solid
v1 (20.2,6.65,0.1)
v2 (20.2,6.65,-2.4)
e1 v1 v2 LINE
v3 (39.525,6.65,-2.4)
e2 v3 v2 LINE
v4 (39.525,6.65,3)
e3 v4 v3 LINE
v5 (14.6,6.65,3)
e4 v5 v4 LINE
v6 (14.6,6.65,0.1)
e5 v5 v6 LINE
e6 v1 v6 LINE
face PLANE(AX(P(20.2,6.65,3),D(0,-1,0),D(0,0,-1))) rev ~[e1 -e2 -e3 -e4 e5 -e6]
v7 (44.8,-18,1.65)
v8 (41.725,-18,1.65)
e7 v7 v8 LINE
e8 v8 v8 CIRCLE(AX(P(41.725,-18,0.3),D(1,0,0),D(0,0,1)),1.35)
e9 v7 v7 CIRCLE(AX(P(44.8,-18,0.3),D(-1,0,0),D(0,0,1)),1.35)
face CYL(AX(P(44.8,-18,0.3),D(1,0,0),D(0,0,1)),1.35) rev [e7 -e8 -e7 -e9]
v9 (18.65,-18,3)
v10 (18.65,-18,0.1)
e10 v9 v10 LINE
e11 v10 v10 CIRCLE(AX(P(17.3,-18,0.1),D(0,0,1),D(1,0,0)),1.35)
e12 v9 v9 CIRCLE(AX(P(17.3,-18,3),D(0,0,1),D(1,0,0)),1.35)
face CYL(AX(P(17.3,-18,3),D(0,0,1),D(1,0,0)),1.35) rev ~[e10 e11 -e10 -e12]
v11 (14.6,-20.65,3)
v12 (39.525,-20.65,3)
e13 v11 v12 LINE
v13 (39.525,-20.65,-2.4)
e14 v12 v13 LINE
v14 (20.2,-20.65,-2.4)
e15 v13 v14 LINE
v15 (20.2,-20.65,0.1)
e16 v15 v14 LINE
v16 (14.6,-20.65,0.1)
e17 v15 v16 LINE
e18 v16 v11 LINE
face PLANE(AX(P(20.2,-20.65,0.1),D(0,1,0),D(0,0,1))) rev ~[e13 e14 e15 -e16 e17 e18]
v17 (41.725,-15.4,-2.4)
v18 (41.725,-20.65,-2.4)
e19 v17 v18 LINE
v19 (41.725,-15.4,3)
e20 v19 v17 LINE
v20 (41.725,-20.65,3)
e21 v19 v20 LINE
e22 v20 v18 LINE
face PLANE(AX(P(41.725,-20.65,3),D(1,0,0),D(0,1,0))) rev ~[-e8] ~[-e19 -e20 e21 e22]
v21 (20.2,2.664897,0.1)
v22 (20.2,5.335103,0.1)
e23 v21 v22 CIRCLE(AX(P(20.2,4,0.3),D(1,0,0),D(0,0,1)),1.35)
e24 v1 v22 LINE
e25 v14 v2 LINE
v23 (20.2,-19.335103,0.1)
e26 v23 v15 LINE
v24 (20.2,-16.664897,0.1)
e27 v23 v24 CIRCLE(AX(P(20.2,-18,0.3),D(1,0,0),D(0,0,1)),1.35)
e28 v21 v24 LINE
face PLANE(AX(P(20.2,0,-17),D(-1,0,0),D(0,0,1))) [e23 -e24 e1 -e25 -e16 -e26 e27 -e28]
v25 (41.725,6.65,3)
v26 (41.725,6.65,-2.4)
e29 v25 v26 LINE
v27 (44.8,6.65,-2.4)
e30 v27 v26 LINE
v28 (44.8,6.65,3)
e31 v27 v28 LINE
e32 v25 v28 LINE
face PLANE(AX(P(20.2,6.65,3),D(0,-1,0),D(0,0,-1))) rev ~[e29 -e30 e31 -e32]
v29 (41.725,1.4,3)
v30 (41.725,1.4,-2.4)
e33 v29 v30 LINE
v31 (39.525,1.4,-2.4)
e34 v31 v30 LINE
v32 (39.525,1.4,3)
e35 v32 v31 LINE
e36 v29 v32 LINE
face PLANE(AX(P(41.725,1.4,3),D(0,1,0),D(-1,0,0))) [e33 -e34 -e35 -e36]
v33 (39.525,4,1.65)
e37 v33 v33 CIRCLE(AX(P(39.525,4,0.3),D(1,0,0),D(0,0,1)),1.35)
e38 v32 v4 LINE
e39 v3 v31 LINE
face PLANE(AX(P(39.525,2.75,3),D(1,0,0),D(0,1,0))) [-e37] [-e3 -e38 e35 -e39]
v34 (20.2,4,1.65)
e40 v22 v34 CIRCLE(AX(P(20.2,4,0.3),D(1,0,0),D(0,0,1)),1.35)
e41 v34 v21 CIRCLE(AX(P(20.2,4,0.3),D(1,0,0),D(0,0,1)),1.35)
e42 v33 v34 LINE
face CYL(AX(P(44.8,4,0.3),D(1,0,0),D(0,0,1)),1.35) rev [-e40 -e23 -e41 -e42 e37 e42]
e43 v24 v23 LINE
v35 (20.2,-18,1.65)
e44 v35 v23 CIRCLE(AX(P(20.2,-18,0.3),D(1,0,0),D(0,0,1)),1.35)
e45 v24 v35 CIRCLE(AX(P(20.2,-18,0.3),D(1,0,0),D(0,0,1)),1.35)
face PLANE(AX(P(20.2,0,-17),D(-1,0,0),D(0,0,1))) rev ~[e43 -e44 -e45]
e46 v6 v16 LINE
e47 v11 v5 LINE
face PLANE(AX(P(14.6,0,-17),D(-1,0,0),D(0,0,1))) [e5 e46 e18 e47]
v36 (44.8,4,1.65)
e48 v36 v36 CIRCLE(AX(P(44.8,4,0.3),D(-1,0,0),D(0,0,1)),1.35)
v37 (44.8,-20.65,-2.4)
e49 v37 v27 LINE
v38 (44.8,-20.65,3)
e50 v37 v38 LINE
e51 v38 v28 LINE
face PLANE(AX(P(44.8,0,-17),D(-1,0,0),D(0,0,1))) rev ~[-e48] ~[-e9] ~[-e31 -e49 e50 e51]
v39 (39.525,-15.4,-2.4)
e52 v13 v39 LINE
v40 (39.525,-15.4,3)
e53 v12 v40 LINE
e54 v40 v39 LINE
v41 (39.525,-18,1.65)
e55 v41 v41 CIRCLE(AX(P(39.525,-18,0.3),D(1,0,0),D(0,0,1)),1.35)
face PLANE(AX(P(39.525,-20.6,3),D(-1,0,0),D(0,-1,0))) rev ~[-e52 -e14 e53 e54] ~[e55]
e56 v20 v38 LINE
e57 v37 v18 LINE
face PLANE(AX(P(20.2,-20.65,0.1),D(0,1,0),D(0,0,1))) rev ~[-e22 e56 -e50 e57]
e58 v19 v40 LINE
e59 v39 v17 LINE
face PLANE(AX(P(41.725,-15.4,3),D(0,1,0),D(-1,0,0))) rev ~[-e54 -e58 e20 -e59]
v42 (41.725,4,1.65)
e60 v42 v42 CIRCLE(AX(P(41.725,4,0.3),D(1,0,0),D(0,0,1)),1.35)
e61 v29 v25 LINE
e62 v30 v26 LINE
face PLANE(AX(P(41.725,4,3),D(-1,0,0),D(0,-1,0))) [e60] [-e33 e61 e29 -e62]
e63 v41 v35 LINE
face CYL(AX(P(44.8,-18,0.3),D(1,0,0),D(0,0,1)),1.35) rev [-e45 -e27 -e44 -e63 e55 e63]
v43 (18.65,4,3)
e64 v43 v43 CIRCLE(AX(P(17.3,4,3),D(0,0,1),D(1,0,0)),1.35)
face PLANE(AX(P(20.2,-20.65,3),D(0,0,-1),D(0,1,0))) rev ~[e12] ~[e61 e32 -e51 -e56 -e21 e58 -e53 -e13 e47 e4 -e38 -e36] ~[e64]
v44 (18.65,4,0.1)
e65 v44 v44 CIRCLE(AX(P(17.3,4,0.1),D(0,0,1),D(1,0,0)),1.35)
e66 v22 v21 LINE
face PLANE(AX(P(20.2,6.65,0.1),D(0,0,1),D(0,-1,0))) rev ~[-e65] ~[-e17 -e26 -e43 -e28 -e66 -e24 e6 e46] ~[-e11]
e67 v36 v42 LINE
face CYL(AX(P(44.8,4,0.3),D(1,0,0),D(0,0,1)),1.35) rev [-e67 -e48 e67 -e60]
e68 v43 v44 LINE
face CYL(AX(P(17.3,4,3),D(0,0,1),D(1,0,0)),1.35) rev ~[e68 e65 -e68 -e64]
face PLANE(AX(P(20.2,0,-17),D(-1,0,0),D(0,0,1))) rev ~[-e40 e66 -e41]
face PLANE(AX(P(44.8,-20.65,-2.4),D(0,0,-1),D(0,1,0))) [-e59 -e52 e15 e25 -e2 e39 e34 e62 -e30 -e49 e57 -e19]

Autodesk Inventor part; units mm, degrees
ref_plane "YZ Plane" through (0, 0, 0) normal (1, 0, 0) x (0, 1, 0)
ref_plane "XZ Plane" through (0, 0, 0) normal (0, 1, 0) x (-1, 0, 0)
ref_plane "XY Plane" through (0, 0, 0) normal (0, 0, 1) x (1, 0, 0)
ref_plane "작업 평면1" through (44.8, 0, -17) normal (-1, 0, 0) x (0, 0, 1)
sketch "스케치2" plane through (44.8, 0, -17) normal (-1, 0, 0) x (0, 0, 1)
  arc A0 (-19.5808, 6.2636) -> (-20.1, 4.5766) centre (-17.1, 4.5766) ccw projected
  line L0 (-20.1, -39.6766) -> (-20.1, 4.5766) projected
  arc A1 (-20.1, -39.6766) -> (-19.5808, -41.3636) centre (-17.1, -39.6766) ccw projected
  line L1 (-15.8929, -46.7869) -> (-19.5808, -41.3636) projected
  arc A2 (-15.8929, -46.7869) -> (-13.4121, -48.1) centre (-13.4121, -45.1) ccw projected
  line L2 (13.4121, -48.1) -> (-13.4121, -48.1) projected
  arc A3 (13.4121, -48.1) -> (15.8929, -46.7869) centre (13.4121, -45.1) ccw projected
  line L3 (19.5808, -41.3636) -> (15.8929, -46.7869) projected
  arc A4 (19.5808, -41.3636) -> (20.1, -39.6766) centre (17.1, -39.6766) ccw projected
  line L4 (20.1, 4.5766) -> (20.1, -39.6766) projected
  arc A5 (20.1, 4.5766) -> (19.5808, 6.2636) centre (17.1, 4.5766) ccw projected
  line L5 (15.5953, 12.1246) -> (19.5808, 6.2636) projected
  arc A6 (15.5953, 12.1246) -> (13.9414, 13) centre (13.9414, 11) ccw projected
  line L6 (7.65, 13) -> (13.9414, 13) projected
  arc A7 (9.15, 11.5) -> (7.65, 13) centre (7.65, 11.5) ccw projected
  line L7 (9.15, 11.5) -> (9.15, 10) projected
  arc A8 (9.15, 10) -> (11.5, 7.65) centre (11.5, 10) ccw projected
  line L8 (11.5, 7.65) -> (13.5, 7.65) projected
  arc A9 (14.5, 6.65) -> (13.5, 7.65) centre (13.5, 6.65) ccw projected
  line L9 (14.5, 6.65) -> (14.5, -36.15) projected
  arc A10 (13.5, -37.15) -> (14.5, -36.15) centre (13.5, -36.15) ccw projected
  line L10 (13.5, -37.15) -> (11.5, -37.15) projected
  arc A11 (11.5, -37.15) -> (9.15, -39.5) centre (11.5, -39.5) ccw projected
  line L11 (9.15, -39.5) -> (9.15, -41.5) projected
  arc A12 (8.15, -42.5) -> (9.15, -41.5) centre (8.15, -41.5) ccw projected
  line L12 (8.15, -42.5) -> (-8.15, -42.5) projected
  arc A13 (-9.15, -41.5) -> (-8.15, -42.5) centre (-8.15, -41.5) ccw projected
  line L13 (-9.15, -41.5) -> (-9.15, -39.5) projected
  arc A14 (-9.15, -39.5) -> (-11.5, -37.15) centre (-11.5, -39.5) ccw projected
  line L14 (-11.5, -37.15) -> (-13.5, -37.15) projected
  arc A15 (-14.5, -36.15) -> (-13.5, -37.15) centre (-13.5, -36.15) ccw projected
  line L15 (-14.5, -36.15) -> (-14.5, 6.65) projected
  arc A16 (-13.5, 7.65) -> (-14.5, 6.65) centre (-13.5, 6.65) ccw projected
  line L16 (-13.5, 7.65) -> (-11.5, 7.65) projected
  arc A17 (-11.5, 7.65) -> (-9.15, 10) centre (-11.5, 10) ccw projected
  line L17 (-9.15, 10) -> (-9.15, 11.5) projected
  arc A18 (-7.65, 13) -> (-9.15, 11.5) centre (-7.65, 11.5) ccw projected
  line L18 (-13.9414, 13) -> (-7.65, 13) projected
  arc A19 (-13.9414, 13) -> (-15.5953, 12.1246) centre (-13.9414, 11) ccw projected
  line L19 (-19.5808, 6.2636) -> (-15.5953, 12.1246) projected
  circle A20 centre (17.3, 4) radius 1.35 projected
  circle A21 centre (17.3, -18) radius 1.35 projected
  circle A22 centre (11, -45.3) radius 1.35 projected
  circle A23 centre (-17.3, 4) radius 1.35 projected
  circle A24 centre (-17.3, -18) radius 1.35 projected
  circle A25 centre (-11, -45.3) radius 1.35 projected
  circle A26 centre (17.3, -40) radius 1.35 projected
  circle A27 centre (-17.3, -40) radius 1.35 projected
  line L20 (17.3, -19.35) -> (17.3, 5.35)
  line L21 (20.1, 4.5766) -> (20.1, 6.65)
  line L22 (20.1, 6.65) -> (14.5, 6.65)
  line L23 (17.3, -7) -> (20.1, -7)
  arc A28 (19.5808, -20.2636) -> (20.1, -18.5766) centre (17.1, -18.5766) ccw
  line L24 (20.1, -18.5766) -> (20.1, -20.65)
  line L25 (20.1, -20.65) -> (14.5, -20.65)
  line L26 (20.1, -20.65) -> (14.5, -20.65)
  line L27 (14.5, -20.65) -> (14.5, 6.65)
  line L28 (14.5, 6.65) -> (20.1, 6.65)
  line L29 (20.1, 6.65) -> (20.1, -20.65)
  line L30 (14.6, -36.15) -> (14.6, 6.65)
  arc A29 (14.6, 6.65) -> (13.5, 7.75) centre (13.5, 6.65) ccw
  line L31 (13.5, 7.75) -> (11.5, 7.75)
  arc A30 (9.25, 10) -> (11.5, 7.75) centre (11.5, 10) ccw
  line L32 (9.25, 10) -> (9.25, 11.5)
  arc A31 (9.25, 11.5) -> (8.4246, 12.9) centre (7.65, 11.5) ccw
  line L33 (8.4246, 12.9) -> (13.9414, 12.9)
  arc A32 (15.5126, 12.0684) -> (13.9414, 12.9) centre (13.9414, 11) ccw
  line L34 (15.5126, 12.0684) -> (19.4981, 6.2073)
  arc A33 (20, 4.5766) -> (19.4981, 6.2073) centre (17.1, 4.5766) ccw
  line L35 (20, 4.5766) -> (20, -39.6766)
  arc A34 (19.4981, -41.3073) -> (20, -39.6766) centre (17.1, -39.6766) ccw
  line L36 (19.4981, -41.3073) -> (15.8102, -46.7307)
  arc A35 (13.4121, -48) -> (15.8102, -46.7307) centre (13.4121, -45.1) ccw
  line L37 (13.4121, -48) -> (-13.4121, -48)
  arc A36 (-15.8102, -46.7307) -> (-13.4121, -48) centre (-13.4121, -45.1) ccw
  line L38 (-15.8102, -46.7307) -> (-19.4981, -41.3073)
  arc A37 (-20, -39.6766) -> (-19.4981, -41.3073) centre (-17.1, -39.6766) ccw
  line L39 (-20, -39.6766) -> (-20, 4.5766)
  arc A38 (-19.4981, 6.2073) -> (-20, 4.5766) centre (-17.1, 4.5766) ccw
  line L40 (-19.4981, 6.2073) -> (-15.5126, 12.0684)
  arc A39 (-13.9414, 12.9) -> (-15.5126, 12.0684) centre (-13.9414, 11) ccw
  line L41 (-13.9414, 12.9) -> (-8.4246, 12.9)
  arc A40 (-8.4246, 12.9) -> (-9.25, 11.5) centre (-7.65, 11.5) ccw
  line L42 (-9.25, 11.5) -> (-9.25, 10)
  arc A41 (-11.5, 7.75) -> (-9.25, 10) centre (-11.5, 10) ccw
  line L43 (-11.5, 7.75) -> (-13.5, 7.75)
  arc A42 (-13.5, 7.75) -> (-14.6, 6.65) centre (-13.5, 6.65) ccw
  line L44 (-14.6, 6.65) -> (-14.6, -36.15)
  arc A43 (-14.6, -36.15) -> (-13.5, -37.25) centre (-13.5, -36.15) ccw
  line L45 (-13.5, -37.25) -> (-11.5, -37.25)
  arc A44 (-9.25, -39.5) -> (-11.5, -37.25) centre (-11.5, -39.5) ccw
  line L46 (-9.25, -39.5) -> (-9.25, -41.5)
  arc A45 (-9.25, -41.5) -> (-8.15, -42.6) centre (-8.15, -41.5) ccw
  line L47 (-8.15, -42.6) -> (8.15, -42.6)
  arc A46 (8.15, -42.6) -> (9.25, -41.5) centre (8.15, -41.5) ccw
  line L48 (9.25, -41.5) -> (9.25, -39.5)
  arc A47 (11.5, -37.25) -> (9.25, -39.5) centre (11.5, -39.5) ccw
  line L49 (11.5, -37.25) -> (13.5, -37.25)
  arc A48 (13.5, -37.25) -> (14.6, -36.15) centre (13.5, -36.15) ccw
  line L50 (20, 4.5766) -> (20, 6.65)
  line L51 (17, 8.5) -> (17, -44.6) projected
  line L52 (17, 8.5) -> (17, -44.6) projected
  point P0 (17, 0)
  point P1 (17.3, -18)
  point P2 (14.6, -20.65)
  point P3 (20, -20.65)
  dimension "d3" = 0.1
extrude "돌출2" add sketch "스케치2" along normal blind 24.6 contours L25 L51 A21 L20 L23 L35 | L25 L30 L22 L51 A20 A21 | L23 L20 A20 L51 L22 L34 A33 L35 | L50 A33 L34 L22 L5 A5 | A5 L5 L22 L50 | L20 A21 L51 A20
sketch "스케치3" plane through (20.2, 0, -17) normal (-1, 0, 0) x (0, 0, 1)
  line L0 (17, 8.5) -> (17, -44.6) projected
  line L1 (14.6, -20.65) -> (20, -20.65) projected
  line L2 (20, -20.65) -> (20, 6.65) projected
  line L3 (17, -20.65) -> (20, -20.65)
  line L4 (20, -20.65) -> (20, 6.65)
  line L5 (20, 6.65) -> (17, 6.65)
  line L6 (17, 6.65) -> (17, -20.65)
  line L7 (17.1, 8.5) -> (17.1, -44.6)
  point P0 (17, 0)
  point P1 (17.1, 6.65)
  point P2 (17.1, -20.65)
  dimension "d6" = 0.1
extrude "돌출3" add sketch "스케치3" along normal blind 5.6 contours L5 L2 L1 L7
sketch "스케치4" plane through (44.8, -20.65, 3) normal (0, 0, 1) x (1, 0, 0)
  line L0 (-31.3, -19.1) -> (-33.3, -19.1) projected
  arc A0 (-33.3, -19.1) -> (-35.55, -21.35) centre (-33.3, -21.35) ccw projected
  line L1 (-35.55, -21.35) -> (-35.55, -23.35) projected
  arc A1 (-36.55, -24.35) -> (-35.55, -23.35) centre (-36.55, -23.35) ccw projected
  line L2 (-36.55, -24.35) -> (-53.05, -24.35) projected
  arc A2 (-54.05, -23.35) -> (-53.05, -24.35) centre (-53.05, -23.35) ccw projected
  line L3 (-54.05, -23.35) -> (-54.05, -21.35) projected
  arc A3 (-54.05, -21.35) -> (-56.3, -19.1) centre (-56.3, -21.35) ccw projected
  line L4 (-56.3, -19.1) -> (-58.3, -19.1) projected
  arc A4 (-59.3, -18.1) -> (-58.3, -19.1) centre (-58.3, -18.1) ccw projected
  line L5 (-59.3, -18.1) -> (-59.3, 28.9) projected
  arc A5 (-58.3, 29.9) -> (-59.3, 28.9) centre (-58.3, 28.9) ccw projected
  line L6 (-58.3, 29.9) -> (-56.3, 29.9) projected
  arc A6 (-56.3, 29.9) -> (-54.05, 32.15) centre (-56.3, 32.15) ccw projected
  line L7 (-54.05, 32.15) -> (-54.05, 35.15) projected
  line L8 (-59.8, 35.15) -> (-54.05, 35.15) projected
  line L9 (-64.9, 29.15) -> (-59.8, 35.15) projected
  line L10 (-64.9, -23.95) -> (-64.9, 29.15) projected
  line L11 (-59.8, -29.95) -> (-64.9, -23.95) projected
  line L12 (-29.8, -29.95) -> (-59.8, -29.95) projected
  line L13 (-24.7, -23.95) -> (-29.8, -29.95) projected
  line L14 (-24.7, 29.15) -> (-24.7, -23.95) projected
  line L15 (-29.8, 35.15) -> (-24.7, 29.15) projected
  line L16 (-35.55, 35.15) -> (-29.8, 35.15) projected
  line L17 (-35.55, 35.15) -> (-35.55, 32.15) projected
  arc A7 (-35.55, 32.15) -> (-33.3, 29.9) centre (-33.3, 32.15) ccw projected
  line L18 (-33.3, 29.9) -> (-31.3, 29.9) projected
  arc A8 (-30.3, 28.9) -> (-31.3, 29.9) centre (-31.3, 28.9) ccw projected
  line L19 (-30.3, 28.9) -> (-30.3, -18.1) projected
  arc A9 (-31.3, -19.1) -> (-30.3, -18.1) centre (-31.3, -18.1) ccw projected
  circle A10 centre (-27.5, 24.65) radius 1.35 projected
  circle A11 centre (-27.5, 2.65) radius 1.35 projected
  circle A12 centre (-33.8, -27.15) radius 1.35 projected
  circle A13 centre (-62.1, 24.65) radius 1.35 projected
  circle A14 centre (-62.1, 2.65) radius 1.35 projected
  circle A15 centre (-55.8, -27.15) radius 1.35 projected
  circle A16 centre (-27.5, -19.35) radius 1.35 projected
  circle A17 centre (-62.1, -19.35) radius 1.35 projected
  point P0 (-44.8, 20.65)
extrude "돌출4" cut sketch "스케치4" against normal up to next contours A10 | A11
sketch "스케치5" plane through (44.8, -20.65, 3) normal (0, 0, 1) x (1, 0, 0)
  line L0 (-5.275, 23.4) -> (2.4, 23.4)
  line L1 (-5.275, 25.9) -> (2.4, 25.9)
  line L2 (-5.275, 23.4) -> (-5.275, 25.9)
  line L3 (-5.275, 24.65) -> (2.4, 24.65)
  line L4 (-5.275, 24.65) -> (-3.075, 24.65)
  line L5 (-3.075, 24.65) -> (-3.075, 22.05)
  line L6 (-3.075, 22.05) -> (-5.275, 22.05)
  line L7 (-5.275, 22.05) -> (-5.275, 24.65)
  line L8 (-3.075, 24.65) -> (-3.075, 27.25)
  line L9 (-3.075, 27.25) -> (-5.275, 27.25)
  line L10 (-5.275, 27.25) -> (-5.275, 24.65)
  line L11 (0, 27.3) -> (-30.2, 27.3) projected
  line L12 (-3.075, 27.25) -> (-5.275, 27.25)
  line L13 (-5.275, 27.25) -> (-5.275, 27.3)
  line L14 (-5.275, 27.3) -> (-3.075, 27.3)
  line L15 (-3.075, 27.3) -> (-3.075, 27.25)
  circle A0 centre (-27.5, 24.65) radius 1.35 projected
  circle A1 centre (-27.5, 2.65) radius 1.35 projected
  line L16 (0, 0) -> (0, 27.3) projected
  line L17 (0, 27.3) -> (-30.2, 27.3) projected
  line L18 (-30.2, 0) -> (-30.2, 27.3) projected
  line L19 (0, 0) -> (-30.2, 0) projected
  line L20 (0, 13.65) -> (-30.2, 13.65)
  line L21 (-5.275, 3.9) -> (-5.275, 1.4)
  line L22 (-5.275, 2.65) -> (-3.075, 2.65)
  line L23 (-3.075, 2.65) -> (-3.075, 5.25)
  line L24 (-3.075, 5.25) -> (-5.275, 5.25)
  line L25 (-5.275, 5.25) -> (-5.275, 2.65)
  line L26 (-3.075, 2.65) -> (-3.075, 0.05)
  line L27 (-3.075, 0.05) -> (-5.275, 0.05)
  line L28 (-5.275, 0.05) -> (-5.275, 2.65)
  line L29 (-3.075, 0.05) -> (-5.275, 0.05)
  line L30 (-5.275, 0.05) -> (-5.275, 0)
  line L31 (-5.275, 0) -> (-3.075, 0)
  line L32 (-3.075, 0) -> (-3.075, 0.05)
  point P0 (-44.8, 20.65)
  point P1 (-3.075, 27.3)
  point P2 (-5.275, 27.25)
  point P3 (-5.275, 25.9)
  point P4 (-5.275, 23.4)
  point P5 (-5.275, 0.05)
  point P6 (-5.275, 0)
  point P7 (-3.075, 0)
  point P8 (-5.275, 3.9)
  point P9 (-5.275, 1.4)
  dimension "d11" = 2.2
  dimension "d12" = 2.6
extrude "돌출5" cut sketch "스케치5" against normal blind 10 contours L2 L3 L5 L0 | L0 L5 L6 L7 | L2 L1 L8 L3 | L10 L9 L8 L1 | L13 L11 L15 L9 | L19 L30 L27 L32 | L27 L28 L21 L22 L26 | L22 L21 L25 L24 L23
properties part number "64-106_connect"
